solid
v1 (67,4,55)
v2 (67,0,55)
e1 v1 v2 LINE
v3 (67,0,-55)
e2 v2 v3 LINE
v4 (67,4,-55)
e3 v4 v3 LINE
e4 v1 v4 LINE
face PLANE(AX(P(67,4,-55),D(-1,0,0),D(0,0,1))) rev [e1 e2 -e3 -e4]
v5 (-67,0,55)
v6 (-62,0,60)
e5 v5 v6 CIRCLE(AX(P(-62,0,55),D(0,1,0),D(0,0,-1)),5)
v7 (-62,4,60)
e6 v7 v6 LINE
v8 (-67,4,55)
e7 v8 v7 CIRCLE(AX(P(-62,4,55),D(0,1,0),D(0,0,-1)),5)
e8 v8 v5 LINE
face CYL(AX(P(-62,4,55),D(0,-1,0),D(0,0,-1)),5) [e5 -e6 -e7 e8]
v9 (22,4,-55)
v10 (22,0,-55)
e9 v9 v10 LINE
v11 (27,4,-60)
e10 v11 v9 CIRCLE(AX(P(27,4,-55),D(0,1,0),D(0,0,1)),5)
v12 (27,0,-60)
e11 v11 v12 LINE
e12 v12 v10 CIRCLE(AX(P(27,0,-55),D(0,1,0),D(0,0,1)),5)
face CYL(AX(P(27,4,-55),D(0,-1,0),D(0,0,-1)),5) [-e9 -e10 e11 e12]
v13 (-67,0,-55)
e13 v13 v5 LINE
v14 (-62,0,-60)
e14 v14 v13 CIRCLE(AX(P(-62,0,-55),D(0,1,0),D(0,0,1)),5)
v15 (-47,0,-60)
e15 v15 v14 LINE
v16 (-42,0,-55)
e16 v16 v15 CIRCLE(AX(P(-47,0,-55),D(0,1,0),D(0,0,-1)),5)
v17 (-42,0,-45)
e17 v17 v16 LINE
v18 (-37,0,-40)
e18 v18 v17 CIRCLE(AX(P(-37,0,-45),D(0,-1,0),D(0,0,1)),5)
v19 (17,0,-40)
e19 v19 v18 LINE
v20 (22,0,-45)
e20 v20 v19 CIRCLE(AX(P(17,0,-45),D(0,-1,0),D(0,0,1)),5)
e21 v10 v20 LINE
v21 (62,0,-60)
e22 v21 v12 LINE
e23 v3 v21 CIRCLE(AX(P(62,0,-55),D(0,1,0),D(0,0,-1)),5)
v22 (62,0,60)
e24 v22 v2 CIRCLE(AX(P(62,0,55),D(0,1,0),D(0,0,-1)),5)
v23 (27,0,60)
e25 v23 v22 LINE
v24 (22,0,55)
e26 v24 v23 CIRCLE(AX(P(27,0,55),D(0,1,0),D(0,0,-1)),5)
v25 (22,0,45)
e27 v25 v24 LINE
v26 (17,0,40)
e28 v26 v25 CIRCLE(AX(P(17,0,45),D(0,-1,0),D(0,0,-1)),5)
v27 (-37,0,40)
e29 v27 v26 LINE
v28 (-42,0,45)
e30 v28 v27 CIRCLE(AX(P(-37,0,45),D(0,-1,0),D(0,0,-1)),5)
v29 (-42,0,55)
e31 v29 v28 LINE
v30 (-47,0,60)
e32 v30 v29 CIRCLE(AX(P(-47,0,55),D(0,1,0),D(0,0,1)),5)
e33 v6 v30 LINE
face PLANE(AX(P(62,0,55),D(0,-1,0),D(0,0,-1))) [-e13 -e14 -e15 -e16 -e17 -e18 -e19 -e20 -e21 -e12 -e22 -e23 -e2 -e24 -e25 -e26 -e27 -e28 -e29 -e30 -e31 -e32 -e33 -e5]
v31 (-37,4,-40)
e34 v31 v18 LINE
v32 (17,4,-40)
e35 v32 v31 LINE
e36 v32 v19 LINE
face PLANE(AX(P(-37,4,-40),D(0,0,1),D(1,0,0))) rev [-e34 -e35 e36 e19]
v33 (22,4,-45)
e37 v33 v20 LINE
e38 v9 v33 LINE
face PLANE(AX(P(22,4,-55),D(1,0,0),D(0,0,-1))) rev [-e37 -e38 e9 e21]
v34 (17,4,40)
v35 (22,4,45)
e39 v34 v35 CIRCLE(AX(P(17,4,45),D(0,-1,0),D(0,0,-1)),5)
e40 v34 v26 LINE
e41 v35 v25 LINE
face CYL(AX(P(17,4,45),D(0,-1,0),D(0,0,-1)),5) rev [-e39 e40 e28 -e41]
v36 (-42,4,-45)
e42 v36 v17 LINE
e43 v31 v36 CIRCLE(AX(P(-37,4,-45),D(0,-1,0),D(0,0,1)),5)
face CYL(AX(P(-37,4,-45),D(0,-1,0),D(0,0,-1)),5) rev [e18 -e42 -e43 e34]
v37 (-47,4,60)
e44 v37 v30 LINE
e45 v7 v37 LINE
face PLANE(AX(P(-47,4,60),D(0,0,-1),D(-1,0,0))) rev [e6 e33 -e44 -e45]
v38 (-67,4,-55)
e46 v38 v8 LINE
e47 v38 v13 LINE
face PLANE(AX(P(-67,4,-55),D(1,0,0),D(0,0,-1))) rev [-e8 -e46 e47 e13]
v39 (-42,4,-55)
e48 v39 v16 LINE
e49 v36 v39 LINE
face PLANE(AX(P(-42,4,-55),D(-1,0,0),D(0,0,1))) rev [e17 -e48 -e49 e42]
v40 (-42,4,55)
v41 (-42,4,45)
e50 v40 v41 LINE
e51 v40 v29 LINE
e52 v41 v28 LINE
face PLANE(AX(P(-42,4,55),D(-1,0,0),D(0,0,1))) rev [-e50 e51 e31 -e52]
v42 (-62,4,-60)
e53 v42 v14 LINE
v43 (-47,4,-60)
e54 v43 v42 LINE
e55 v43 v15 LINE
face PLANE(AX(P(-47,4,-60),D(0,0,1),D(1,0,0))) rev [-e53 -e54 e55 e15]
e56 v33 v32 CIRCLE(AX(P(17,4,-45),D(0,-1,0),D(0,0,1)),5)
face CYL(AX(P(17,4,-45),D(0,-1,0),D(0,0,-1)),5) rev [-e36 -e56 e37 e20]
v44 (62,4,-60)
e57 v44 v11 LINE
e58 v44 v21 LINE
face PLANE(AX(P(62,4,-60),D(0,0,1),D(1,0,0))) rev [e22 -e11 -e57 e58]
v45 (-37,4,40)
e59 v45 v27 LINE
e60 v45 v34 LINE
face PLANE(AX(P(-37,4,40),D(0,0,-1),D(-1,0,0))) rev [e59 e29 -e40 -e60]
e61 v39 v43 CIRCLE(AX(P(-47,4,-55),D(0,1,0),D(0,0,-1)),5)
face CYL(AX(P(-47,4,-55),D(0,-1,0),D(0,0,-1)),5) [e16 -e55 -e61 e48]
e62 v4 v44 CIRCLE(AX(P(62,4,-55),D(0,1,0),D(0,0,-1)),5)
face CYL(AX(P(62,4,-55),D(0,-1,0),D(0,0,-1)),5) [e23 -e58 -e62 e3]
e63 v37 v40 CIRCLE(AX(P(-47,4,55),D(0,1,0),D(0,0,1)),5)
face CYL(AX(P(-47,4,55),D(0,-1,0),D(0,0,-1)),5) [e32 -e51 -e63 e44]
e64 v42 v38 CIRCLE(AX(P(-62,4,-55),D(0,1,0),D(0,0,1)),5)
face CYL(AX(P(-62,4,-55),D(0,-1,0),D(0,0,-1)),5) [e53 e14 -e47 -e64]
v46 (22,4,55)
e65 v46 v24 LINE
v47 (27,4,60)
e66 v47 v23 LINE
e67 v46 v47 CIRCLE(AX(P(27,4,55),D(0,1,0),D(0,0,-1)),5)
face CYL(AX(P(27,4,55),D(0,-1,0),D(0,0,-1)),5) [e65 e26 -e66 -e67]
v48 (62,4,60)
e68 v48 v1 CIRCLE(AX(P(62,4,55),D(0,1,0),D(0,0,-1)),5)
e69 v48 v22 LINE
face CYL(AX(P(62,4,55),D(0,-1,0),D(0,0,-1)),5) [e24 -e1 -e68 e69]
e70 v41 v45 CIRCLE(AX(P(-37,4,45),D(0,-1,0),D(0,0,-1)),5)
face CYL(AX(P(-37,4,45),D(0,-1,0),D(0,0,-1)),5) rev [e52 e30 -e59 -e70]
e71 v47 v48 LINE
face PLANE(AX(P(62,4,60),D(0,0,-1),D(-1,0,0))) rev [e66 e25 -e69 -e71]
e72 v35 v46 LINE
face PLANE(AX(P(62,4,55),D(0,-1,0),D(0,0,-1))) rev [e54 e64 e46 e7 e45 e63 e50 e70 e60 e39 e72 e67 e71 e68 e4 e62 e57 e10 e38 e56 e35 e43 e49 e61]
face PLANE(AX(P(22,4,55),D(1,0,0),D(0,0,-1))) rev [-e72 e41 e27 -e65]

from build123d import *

# Parameters (mm, degrees)
RESSALTO_EXTRUS_O1_DEPTH = 4


with BuildPart() as part:
    # Esboço1 → Ressalto-extrusão1 (new body)
    with BuildSketch(Plane(origin=(0, 0, 0), x_dir=(1, 0, 0), z_dir=(0, 1, 0))):
        with BuildLine():
            Line((-47, -60), (-62, -60))
            ThreePointArc((-62, -60), (-65.535533906, -58.535533906), (-67, -55))
            Line((-67, -55), (-67, 55))
            ThreePointArc((-67, 55), (-65.535533906, 58.535533906), (-62, 60))
            Line((-62, 60), (-47, 60))
            ThreePointArc((-47, 60), (-43.464466094, 58.535533906), (-42, 55))
            Line((-42, 55), (-42, 45))
            ThreePointArc((-42, 45), (-40.535533906, 41.464466094), (-37, 40))
            Line((-37, 40), (17, 40))
            ThreePointArc((17, 40), (20.535533906, 41.464466094), (22, 45))
            Line((22, 45), (22, 55))
            ThreePointArc((22, 55), (23.464466094, 58.535533906), (27, 60))
            Line((27, 60), (62, 60))
            ThreePointArc((62, 60), (65.535533906, 58.535533906), (67, 55))
            Line((67, 55), (67, -55))
            ThreePointArc((67, -55), (65.535533906, -58.535533906), (62, -60))
            Line((62, -60), (27, -60))
            ThreePointArc((27, -60), (23.464466094, -58.535533906), (22, -55))
            Line((22, -55), (22, -45))
            ThreePointArc((22, -45), (20.535533906, -41.464466094), (17, -40))
            Line((17, -40), (-37, -40))
            ThreePointArc((-37, -40), (-40.535533906, -41.464466094), (-42, -45))
            Line((-42, -45), (-42, -55))
            ThreePointArc((-42, -55), (-43.464466094, -58.535533906), (-47, -60))
        make_face()
    extrude(amount=RESSALTO_EXTRUS_O1_DEPTH)


solid = part.part
